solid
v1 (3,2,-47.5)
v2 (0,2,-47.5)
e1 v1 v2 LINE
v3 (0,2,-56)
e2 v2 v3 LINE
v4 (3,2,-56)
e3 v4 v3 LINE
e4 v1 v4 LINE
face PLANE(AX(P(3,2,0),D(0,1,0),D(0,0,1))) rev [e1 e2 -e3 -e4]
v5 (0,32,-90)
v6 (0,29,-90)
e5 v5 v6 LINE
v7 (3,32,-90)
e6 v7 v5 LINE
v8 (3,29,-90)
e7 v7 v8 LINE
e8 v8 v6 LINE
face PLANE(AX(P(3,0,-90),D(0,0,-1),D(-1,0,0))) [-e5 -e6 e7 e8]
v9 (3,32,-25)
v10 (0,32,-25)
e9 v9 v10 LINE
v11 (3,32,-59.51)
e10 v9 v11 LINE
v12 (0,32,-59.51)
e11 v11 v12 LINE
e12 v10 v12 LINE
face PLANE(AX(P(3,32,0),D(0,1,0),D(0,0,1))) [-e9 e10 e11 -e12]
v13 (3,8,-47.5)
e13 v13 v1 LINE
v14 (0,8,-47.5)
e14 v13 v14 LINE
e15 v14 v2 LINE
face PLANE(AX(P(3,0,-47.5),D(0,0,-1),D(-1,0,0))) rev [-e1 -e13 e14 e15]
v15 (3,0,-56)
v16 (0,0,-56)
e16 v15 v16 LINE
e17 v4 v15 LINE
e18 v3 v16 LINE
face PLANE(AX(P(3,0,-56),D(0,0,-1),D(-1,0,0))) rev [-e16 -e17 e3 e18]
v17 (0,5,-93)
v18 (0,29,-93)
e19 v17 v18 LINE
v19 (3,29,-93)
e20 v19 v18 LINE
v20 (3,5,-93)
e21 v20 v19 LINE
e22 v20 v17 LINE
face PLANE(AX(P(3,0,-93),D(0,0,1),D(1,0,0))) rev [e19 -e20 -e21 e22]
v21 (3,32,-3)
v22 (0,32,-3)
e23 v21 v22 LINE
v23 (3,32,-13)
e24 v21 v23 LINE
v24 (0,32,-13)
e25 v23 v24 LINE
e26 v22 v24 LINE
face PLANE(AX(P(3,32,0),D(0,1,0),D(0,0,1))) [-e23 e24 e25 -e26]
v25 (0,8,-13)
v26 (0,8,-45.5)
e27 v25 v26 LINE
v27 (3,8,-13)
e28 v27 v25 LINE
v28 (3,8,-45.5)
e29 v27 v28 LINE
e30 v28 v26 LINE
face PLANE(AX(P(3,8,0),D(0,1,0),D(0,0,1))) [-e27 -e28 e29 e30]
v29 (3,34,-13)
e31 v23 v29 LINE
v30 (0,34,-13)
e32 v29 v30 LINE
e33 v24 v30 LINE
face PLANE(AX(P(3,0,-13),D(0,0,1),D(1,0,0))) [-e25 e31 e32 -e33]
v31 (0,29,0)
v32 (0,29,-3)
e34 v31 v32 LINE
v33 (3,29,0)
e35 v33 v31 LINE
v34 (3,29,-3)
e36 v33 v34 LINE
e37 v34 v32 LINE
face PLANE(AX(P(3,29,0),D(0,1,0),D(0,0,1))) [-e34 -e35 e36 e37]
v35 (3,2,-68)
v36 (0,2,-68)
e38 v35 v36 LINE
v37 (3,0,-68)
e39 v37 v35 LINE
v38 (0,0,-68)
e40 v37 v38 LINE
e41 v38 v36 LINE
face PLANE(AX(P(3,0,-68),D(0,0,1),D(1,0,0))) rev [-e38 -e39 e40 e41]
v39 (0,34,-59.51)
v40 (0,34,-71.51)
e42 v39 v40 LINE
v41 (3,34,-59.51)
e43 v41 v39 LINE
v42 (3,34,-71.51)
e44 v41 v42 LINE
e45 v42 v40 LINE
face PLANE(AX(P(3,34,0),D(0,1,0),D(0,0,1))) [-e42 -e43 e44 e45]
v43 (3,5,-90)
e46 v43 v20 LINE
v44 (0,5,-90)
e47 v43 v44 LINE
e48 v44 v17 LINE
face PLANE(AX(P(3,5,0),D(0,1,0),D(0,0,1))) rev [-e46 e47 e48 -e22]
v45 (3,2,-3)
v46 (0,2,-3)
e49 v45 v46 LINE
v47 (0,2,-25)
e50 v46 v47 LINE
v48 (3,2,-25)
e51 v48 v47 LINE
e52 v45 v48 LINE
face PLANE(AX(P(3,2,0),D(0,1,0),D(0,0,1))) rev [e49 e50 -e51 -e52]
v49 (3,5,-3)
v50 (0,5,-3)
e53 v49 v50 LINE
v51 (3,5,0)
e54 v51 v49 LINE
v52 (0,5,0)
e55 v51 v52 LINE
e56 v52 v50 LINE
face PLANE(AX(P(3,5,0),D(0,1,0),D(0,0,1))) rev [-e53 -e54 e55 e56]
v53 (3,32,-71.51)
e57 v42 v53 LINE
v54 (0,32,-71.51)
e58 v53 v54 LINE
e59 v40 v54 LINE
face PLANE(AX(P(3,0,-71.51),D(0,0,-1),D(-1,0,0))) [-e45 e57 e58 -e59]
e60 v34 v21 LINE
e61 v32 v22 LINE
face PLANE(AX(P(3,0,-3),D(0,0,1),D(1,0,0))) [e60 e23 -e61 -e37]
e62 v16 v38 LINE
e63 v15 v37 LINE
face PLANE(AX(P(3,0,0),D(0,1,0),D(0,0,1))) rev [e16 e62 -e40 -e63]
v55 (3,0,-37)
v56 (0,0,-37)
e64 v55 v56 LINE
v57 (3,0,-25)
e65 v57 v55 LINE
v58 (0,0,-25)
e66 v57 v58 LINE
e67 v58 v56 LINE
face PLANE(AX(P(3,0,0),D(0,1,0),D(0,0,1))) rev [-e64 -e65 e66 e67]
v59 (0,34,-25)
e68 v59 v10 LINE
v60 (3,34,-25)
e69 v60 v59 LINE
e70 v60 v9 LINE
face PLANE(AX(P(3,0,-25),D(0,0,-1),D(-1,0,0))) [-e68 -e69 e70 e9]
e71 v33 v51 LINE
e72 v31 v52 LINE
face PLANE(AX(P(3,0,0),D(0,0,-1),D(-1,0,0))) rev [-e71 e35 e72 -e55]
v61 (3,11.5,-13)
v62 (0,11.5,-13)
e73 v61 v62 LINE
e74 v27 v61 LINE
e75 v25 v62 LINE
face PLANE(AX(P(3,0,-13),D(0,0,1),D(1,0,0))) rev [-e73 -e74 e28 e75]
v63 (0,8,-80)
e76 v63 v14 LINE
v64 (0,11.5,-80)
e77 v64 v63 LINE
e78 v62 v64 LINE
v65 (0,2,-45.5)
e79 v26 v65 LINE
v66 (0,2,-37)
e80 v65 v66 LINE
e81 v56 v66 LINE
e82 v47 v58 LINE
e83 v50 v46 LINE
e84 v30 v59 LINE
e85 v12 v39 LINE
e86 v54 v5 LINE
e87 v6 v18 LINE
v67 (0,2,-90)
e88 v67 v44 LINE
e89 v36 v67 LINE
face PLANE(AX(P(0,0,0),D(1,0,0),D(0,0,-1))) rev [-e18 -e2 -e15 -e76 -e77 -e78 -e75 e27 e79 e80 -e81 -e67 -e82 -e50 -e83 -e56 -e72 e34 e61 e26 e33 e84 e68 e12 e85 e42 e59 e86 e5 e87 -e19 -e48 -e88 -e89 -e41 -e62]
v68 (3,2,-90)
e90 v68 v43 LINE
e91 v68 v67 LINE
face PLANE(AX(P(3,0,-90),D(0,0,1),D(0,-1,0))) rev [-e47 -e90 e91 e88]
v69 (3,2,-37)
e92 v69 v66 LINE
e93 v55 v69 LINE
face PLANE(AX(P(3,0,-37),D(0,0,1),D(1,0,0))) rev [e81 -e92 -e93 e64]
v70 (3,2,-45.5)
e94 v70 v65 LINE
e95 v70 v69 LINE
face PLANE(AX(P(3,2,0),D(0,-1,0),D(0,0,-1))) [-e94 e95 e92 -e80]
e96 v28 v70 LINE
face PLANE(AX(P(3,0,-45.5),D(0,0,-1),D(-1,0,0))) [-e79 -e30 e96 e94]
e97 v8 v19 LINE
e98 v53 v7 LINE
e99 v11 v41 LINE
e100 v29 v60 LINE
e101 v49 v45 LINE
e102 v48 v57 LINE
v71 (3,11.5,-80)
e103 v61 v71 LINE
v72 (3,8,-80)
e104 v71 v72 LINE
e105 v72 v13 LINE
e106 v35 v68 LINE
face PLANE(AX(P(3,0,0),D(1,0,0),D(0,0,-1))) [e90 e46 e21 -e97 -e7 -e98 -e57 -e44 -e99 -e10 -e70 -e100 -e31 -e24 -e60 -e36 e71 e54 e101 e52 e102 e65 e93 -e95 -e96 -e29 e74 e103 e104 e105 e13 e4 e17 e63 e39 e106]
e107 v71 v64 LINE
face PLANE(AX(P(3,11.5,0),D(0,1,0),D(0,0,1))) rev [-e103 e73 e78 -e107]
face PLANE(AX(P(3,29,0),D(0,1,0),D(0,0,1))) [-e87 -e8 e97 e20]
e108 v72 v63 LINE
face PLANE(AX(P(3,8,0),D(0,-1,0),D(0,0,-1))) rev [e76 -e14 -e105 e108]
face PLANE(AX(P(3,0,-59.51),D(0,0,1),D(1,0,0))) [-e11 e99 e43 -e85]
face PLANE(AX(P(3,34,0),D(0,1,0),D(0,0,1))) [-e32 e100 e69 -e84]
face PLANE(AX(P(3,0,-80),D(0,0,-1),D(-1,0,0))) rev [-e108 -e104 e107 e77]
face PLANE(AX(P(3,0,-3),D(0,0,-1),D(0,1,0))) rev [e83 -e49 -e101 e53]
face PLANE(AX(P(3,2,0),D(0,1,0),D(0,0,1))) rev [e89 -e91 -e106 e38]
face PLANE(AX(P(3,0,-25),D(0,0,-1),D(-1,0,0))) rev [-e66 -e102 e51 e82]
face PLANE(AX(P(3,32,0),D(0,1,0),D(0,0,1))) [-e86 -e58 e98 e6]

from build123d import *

# Parameters (mm, degrees)
BOSS_EXTRUDE1_DEPTH = 3


with BuildPart() as part:
    # Sketch1 → Boss-Extrude1 (new body)
    with BuildSketch(Plane(origin=(0, 0, 0), x_dir=(0, 0, -1), z_dir=(1, 0, 0))):
        Polygon((25, 2), (25, 0), (37, 0), (37, 2), (45.5, 2), (45.5, 8), (13, 8), (13, 11.5), (80, 11.5), (80, 8), (47.5, 8), (47.5, 2), (56, 2), (56, 0), (68, 0), (68, 2), (90, 2), (90, 5), (93, 5), (93, 29), (90, 29), (90, 32), (71.51, 32), (71.51, 34), (59.51, 34), (59.51, 32), (25, 32), (25, 34), (13, 34), (13, 32), (3, 32), (3, 29), (0, 29), (0, 5), (3, 5), (3, 2), align=None)
    extrude(amount=BOSS_EXTRUDE1_DEPTH)


solid = part.part
